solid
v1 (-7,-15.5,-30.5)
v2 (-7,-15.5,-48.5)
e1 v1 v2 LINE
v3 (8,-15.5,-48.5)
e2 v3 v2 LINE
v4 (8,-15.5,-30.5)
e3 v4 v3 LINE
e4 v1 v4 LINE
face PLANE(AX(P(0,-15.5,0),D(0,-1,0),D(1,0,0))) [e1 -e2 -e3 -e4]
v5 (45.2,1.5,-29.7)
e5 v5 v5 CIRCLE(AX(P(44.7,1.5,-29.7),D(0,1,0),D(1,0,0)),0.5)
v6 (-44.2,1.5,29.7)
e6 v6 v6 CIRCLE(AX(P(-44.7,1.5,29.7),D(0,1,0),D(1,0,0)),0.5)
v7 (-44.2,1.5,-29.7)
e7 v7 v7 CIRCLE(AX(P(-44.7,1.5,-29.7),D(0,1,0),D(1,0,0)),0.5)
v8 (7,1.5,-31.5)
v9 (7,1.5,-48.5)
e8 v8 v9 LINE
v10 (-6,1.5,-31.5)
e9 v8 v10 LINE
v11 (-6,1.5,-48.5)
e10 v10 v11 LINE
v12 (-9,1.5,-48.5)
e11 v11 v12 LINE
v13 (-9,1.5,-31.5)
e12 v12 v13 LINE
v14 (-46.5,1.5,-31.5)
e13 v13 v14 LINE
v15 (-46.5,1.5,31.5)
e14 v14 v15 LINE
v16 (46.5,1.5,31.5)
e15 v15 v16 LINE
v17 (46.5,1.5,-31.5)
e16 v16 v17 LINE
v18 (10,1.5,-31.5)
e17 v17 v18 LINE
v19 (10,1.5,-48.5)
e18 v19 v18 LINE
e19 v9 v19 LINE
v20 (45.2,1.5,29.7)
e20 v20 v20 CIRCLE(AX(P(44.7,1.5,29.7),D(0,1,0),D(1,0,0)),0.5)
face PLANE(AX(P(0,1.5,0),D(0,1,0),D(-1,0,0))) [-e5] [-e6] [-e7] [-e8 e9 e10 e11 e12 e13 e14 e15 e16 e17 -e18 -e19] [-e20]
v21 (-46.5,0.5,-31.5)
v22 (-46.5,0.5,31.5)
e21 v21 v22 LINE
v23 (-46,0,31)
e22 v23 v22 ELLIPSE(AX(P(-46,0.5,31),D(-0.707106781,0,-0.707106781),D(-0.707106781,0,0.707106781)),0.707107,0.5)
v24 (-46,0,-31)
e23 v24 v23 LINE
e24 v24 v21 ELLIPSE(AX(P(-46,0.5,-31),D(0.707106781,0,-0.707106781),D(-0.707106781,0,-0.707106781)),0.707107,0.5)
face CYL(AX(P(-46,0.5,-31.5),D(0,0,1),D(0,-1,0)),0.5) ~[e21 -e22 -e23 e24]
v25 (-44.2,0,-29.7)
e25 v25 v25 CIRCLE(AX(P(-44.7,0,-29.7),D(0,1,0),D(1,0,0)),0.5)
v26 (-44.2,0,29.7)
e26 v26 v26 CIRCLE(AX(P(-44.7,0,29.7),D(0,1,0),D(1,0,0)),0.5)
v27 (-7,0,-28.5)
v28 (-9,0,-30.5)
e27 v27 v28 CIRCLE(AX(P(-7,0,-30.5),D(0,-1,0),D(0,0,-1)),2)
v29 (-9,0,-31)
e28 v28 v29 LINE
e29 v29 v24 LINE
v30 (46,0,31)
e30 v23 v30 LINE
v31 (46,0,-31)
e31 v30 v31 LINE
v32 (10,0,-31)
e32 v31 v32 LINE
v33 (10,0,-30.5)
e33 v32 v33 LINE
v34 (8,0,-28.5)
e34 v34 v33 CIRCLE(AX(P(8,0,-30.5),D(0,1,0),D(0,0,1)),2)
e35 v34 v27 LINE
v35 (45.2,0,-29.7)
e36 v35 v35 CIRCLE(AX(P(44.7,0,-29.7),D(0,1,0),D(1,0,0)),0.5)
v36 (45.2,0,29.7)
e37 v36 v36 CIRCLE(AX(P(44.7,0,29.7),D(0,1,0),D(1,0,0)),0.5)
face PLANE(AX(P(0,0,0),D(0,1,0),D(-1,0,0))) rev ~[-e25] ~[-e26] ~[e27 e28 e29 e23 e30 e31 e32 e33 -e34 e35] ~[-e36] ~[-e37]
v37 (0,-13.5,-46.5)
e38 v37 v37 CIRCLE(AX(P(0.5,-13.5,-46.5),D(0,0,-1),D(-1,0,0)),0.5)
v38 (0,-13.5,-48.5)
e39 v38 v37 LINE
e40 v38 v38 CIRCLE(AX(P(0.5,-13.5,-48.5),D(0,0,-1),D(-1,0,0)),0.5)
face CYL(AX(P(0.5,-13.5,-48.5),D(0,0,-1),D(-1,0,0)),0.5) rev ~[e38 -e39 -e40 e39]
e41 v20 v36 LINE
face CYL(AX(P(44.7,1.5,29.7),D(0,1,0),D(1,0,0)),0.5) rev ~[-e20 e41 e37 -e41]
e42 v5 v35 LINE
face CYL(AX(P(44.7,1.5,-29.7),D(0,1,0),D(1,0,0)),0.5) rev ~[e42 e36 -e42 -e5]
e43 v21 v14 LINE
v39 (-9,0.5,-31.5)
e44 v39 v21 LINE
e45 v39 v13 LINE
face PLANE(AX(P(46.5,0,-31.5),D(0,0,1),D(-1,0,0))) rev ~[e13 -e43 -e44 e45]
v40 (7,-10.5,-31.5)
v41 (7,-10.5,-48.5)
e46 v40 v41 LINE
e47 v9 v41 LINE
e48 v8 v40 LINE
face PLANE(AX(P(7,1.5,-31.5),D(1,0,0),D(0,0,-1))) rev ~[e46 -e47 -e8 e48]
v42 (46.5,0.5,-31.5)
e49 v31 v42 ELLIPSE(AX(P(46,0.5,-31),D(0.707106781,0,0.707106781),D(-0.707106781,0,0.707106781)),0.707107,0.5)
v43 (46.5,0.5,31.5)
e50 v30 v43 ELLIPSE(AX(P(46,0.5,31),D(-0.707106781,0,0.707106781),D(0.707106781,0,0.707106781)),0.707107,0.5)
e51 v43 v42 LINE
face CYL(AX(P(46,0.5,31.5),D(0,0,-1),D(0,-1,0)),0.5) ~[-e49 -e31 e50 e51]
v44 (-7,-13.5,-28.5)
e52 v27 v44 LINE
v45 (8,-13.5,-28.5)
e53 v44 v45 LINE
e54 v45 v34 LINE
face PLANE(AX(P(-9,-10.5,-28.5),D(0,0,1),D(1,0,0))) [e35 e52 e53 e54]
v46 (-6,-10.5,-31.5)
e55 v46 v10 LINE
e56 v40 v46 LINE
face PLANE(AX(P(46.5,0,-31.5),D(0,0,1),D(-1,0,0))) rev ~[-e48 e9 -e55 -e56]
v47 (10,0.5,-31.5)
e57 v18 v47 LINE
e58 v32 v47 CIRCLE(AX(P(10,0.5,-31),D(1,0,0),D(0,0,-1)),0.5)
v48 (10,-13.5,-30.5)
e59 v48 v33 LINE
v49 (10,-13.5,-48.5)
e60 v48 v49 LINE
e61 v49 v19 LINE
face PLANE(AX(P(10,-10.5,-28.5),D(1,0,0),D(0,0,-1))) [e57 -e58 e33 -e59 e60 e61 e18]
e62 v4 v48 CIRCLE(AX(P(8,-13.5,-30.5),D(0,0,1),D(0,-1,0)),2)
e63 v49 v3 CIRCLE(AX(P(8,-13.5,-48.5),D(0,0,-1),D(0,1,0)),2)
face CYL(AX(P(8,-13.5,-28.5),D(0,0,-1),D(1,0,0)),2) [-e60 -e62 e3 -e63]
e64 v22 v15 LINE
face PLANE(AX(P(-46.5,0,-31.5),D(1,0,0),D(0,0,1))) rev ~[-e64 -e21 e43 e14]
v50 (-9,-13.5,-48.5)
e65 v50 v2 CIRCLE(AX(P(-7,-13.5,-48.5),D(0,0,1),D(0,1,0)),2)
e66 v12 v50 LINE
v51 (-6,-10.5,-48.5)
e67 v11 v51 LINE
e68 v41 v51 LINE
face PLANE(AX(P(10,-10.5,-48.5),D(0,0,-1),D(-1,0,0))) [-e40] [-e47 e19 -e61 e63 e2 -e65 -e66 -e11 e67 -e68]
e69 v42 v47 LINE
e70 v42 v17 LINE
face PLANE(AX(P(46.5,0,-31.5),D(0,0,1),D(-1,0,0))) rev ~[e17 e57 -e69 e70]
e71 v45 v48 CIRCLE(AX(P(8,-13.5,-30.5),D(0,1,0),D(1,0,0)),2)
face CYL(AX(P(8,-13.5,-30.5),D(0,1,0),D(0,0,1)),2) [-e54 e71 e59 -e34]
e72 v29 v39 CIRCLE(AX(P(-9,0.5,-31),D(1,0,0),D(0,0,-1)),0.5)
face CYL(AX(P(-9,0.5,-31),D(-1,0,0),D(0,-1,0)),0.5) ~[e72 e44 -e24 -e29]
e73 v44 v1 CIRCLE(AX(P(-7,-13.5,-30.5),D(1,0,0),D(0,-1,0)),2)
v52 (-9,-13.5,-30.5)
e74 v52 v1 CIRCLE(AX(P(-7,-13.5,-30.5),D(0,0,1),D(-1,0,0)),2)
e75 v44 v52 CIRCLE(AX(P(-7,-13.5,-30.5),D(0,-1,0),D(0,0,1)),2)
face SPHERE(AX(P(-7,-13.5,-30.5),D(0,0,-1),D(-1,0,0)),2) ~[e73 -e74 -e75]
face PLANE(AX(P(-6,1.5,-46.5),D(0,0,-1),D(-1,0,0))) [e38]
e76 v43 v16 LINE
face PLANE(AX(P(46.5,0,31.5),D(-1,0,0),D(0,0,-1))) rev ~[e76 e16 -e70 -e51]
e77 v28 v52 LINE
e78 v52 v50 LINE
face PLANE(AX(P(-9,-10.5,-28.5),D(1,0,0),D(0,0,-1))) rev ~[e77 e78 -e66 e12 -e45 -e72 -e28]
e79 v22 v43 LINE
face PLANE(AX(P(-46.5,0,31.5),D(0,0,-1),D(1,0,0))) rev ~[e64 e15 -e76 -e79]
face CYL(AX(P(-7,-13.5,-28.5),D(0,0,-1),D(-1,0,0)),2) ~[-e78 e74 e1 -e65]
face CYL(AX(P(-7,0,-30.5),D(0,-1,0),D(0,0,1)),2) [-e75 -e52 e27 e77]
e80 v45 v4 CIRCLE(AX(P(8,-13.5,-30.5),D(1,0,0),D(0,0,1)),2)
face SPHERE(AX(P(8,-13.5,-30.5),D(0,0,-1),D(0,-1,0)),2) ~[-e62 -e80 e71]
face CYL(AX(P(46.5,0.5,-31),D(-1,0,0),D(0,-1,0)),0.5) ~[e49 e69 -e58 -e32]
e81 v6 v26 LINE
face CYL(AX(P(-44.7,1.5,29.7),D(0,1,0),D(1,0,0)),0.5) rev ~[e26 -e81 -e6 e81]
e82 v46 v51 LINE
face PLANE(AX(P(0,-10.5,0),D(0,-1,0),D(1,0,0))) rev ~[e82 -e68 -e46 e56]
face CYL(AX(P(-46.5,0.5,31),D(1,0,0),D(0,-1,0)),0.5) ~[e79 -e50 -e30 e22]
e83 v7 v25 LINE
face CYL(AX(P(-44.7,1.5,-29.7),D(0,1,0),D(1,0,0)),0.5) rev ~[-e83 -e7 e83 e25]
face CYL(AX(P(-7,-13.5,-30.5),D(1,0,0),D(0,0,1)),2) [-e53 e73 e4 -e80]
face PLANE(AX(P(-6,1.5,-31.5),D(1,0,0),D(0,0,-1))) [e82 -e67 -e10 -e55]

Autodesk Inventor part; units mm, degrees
ref_plane "YZ Plane" through (0, 0, 0) normal (1, 0, 0) x (0, 1, 0)
ref_plane "XZ Plane" through (0, 0, 0) normal (0, 1, 0) x (-1, 0, 0)
ref_plane "XY Plane" through (0, 0, 0) normal (0, 0, 1) x (1, 0, 0)
sketch "Sketch1" plane through (0, 0, 0) normal (0, 1, 0) x (-1, 0, 0)
  line L0 (46.5, 31.5) -> (-46.5, 31.5)
  line L1 (-46.5, 31.5) -> (-46.5, -31.5)
  line L2 (-46.5, -31.5) -> (46.5, -31.5)
  line L3 (46.5, -31.5) -> (46.5, 31.5)
  line L4 (46.5, 31.5) -> (-46.5, -31.5) construction
  line L5 (-46.5, 31.5) -> (46.5, -31.5) construction
  point P0 (0, 0)
  dimension "d0" = 63
  dimension "d1" = 93
extrude "Extrusion1" add sketch "Sketch1" along normal blind 1.5
sketch "Sketch2" plane through (0, 1.5, 0) normal (0, 1, 0) x (1, 0, 0)
  circle A0 centre (-44.7, -29.7) radius 0.5
  line L0 (-46.5, 31.5) -> (-46.5, -31.5) projected
  line L1 (-46.5, -31.5) -> (46.5, -31.5) projected
  circle A1 centre (-44.7, 29.7) radius 0.5
  line L2 (46.5, 31.5) -> (-46.5, 31.5) projected
  circle A2 centre (44.7, -29.7) radius 0.5
  line L3 (46.5, -31.5) -> (46.5, 31.5) projected
  circle A3 centre (44.7, 29.7) radius 0.5
  point P0 (0, 0)
  dimension "d4" = 1.8
  dimension "d5" = 1.8
  dimension "d6" = 1
  dimension "d7" = 1.8
  dimension "d8" = 1.8
  dimension "d9" = 1
  dimension "d10" = 1.8
  dimension "d11" = 1.8
  dimension "d12" = 1
  dimension "d13" = 1
  dimension "d14" = 1.8
  dimension "d15" = 1.8
extrude "Extrusion2" cut sketch "Sketch2" against normal blind 1.5 contours A0 | A1 | A2 | A3
sketch "Sketch3" plane through (0, 1.5, 0) normal (0, 1, 0) x (1, 0, 0)
  line L0 (46.5, 31.5) -> (-46.5, 31.5) projected
  line L1 (-6, 31.5) -> (7, 31.5)
  line L2 (10, 31.5) -> (10, 28.5)
  line L3 (10, 28.5) -> (-9, 28.5)
  line L4 (-9, 28.5) -> (-9, 31.5)
  line L5 (-46.5, 31.5) -> (-46.5, -31.5) projected
  line L6 (-6, 31.5) -> (-6, 48.5)
  line L7 (-6, 48.5) -> (-9, 48.5)
  line L8 (-9, 48.5) -> (-9, 31.5)
  line L9 (7, 31.5) -> (7, 48.5)
  line L10 (7, 48.5) -> (10, 48.5)
  line L11 (10, 48.5) -> (10, 31.5)
  point P0 (0, 0)
  point P1 (7, 31.5)
  dimension "d18" = 19
  dimension "d20" = 37.5
  dimension "d22" = 3
  dimension "d24" = 3
  dimension "d25" = 20
  dimension "d26" = 20
  dimension "d27" = 3
  dimension "d28" = 17
  dimension "d29" = 3
extrude "Extrusion3" add sketch "Sketch3" against normal blind 12
sketch "Sketch4" plane through (0, -10.5, 0) normal (0, -1, 0) x (1, 0, 0)
  line L0 (-9, -28.5) -> (-9, -48.5) projected
  line L1 (-9, -28.5) -> (10, -28.5)
  line L2 (10, -28.5) -> (10, -48.5)
  line L3 (10, -48.5) -> (-9, -48.5)
  line L4 (-9, -48.5) -> (-9, -28.5)
  point P0 (0, 0)
extrude "Extrusion4" add sketch "Sketch4" along normal blind 5
fillet "Fillet1" radius 2 2 edges at (-9, -15.5, -38.5) (10, -15.5, -38.5)
sketch "Sketch5" plane through (-6, 1.5, -48.5) normal (0, 0, -1) x (-1, 0, 0)
  circle A0 centre (-6.5, -15) radius 0.5
  line L0 (3, 0) -> (3, -15) projected
  line L1 (1, -17) -> (-14, -17) projected
  point P0 (-6, -1.5)
  dimension "d35" = 9.5
  dimension "d36" = 2
  dimension "d37" = 1
extrude "Extrusion5" cut sketch "Sketch5" against normal blind 2
fillet "Fillet2" radius 2 5 edges at (-8.4142, -14.9142, -28.5) (-9, -6.75, -28.5) (9.4142, -14.9142, -28.5) (10, -6.75, -28.5) (0.5, -15.5, -28.5)
fillet "Fillet3" radius 0.5 5 edges at (-27.75, 0, -31.5) (-46.5, 0, 0) (0, 0, 31.5) (28.25, 0, -31.5) (46.5, 0, 0)
properties part number "remoteswitchlid"
